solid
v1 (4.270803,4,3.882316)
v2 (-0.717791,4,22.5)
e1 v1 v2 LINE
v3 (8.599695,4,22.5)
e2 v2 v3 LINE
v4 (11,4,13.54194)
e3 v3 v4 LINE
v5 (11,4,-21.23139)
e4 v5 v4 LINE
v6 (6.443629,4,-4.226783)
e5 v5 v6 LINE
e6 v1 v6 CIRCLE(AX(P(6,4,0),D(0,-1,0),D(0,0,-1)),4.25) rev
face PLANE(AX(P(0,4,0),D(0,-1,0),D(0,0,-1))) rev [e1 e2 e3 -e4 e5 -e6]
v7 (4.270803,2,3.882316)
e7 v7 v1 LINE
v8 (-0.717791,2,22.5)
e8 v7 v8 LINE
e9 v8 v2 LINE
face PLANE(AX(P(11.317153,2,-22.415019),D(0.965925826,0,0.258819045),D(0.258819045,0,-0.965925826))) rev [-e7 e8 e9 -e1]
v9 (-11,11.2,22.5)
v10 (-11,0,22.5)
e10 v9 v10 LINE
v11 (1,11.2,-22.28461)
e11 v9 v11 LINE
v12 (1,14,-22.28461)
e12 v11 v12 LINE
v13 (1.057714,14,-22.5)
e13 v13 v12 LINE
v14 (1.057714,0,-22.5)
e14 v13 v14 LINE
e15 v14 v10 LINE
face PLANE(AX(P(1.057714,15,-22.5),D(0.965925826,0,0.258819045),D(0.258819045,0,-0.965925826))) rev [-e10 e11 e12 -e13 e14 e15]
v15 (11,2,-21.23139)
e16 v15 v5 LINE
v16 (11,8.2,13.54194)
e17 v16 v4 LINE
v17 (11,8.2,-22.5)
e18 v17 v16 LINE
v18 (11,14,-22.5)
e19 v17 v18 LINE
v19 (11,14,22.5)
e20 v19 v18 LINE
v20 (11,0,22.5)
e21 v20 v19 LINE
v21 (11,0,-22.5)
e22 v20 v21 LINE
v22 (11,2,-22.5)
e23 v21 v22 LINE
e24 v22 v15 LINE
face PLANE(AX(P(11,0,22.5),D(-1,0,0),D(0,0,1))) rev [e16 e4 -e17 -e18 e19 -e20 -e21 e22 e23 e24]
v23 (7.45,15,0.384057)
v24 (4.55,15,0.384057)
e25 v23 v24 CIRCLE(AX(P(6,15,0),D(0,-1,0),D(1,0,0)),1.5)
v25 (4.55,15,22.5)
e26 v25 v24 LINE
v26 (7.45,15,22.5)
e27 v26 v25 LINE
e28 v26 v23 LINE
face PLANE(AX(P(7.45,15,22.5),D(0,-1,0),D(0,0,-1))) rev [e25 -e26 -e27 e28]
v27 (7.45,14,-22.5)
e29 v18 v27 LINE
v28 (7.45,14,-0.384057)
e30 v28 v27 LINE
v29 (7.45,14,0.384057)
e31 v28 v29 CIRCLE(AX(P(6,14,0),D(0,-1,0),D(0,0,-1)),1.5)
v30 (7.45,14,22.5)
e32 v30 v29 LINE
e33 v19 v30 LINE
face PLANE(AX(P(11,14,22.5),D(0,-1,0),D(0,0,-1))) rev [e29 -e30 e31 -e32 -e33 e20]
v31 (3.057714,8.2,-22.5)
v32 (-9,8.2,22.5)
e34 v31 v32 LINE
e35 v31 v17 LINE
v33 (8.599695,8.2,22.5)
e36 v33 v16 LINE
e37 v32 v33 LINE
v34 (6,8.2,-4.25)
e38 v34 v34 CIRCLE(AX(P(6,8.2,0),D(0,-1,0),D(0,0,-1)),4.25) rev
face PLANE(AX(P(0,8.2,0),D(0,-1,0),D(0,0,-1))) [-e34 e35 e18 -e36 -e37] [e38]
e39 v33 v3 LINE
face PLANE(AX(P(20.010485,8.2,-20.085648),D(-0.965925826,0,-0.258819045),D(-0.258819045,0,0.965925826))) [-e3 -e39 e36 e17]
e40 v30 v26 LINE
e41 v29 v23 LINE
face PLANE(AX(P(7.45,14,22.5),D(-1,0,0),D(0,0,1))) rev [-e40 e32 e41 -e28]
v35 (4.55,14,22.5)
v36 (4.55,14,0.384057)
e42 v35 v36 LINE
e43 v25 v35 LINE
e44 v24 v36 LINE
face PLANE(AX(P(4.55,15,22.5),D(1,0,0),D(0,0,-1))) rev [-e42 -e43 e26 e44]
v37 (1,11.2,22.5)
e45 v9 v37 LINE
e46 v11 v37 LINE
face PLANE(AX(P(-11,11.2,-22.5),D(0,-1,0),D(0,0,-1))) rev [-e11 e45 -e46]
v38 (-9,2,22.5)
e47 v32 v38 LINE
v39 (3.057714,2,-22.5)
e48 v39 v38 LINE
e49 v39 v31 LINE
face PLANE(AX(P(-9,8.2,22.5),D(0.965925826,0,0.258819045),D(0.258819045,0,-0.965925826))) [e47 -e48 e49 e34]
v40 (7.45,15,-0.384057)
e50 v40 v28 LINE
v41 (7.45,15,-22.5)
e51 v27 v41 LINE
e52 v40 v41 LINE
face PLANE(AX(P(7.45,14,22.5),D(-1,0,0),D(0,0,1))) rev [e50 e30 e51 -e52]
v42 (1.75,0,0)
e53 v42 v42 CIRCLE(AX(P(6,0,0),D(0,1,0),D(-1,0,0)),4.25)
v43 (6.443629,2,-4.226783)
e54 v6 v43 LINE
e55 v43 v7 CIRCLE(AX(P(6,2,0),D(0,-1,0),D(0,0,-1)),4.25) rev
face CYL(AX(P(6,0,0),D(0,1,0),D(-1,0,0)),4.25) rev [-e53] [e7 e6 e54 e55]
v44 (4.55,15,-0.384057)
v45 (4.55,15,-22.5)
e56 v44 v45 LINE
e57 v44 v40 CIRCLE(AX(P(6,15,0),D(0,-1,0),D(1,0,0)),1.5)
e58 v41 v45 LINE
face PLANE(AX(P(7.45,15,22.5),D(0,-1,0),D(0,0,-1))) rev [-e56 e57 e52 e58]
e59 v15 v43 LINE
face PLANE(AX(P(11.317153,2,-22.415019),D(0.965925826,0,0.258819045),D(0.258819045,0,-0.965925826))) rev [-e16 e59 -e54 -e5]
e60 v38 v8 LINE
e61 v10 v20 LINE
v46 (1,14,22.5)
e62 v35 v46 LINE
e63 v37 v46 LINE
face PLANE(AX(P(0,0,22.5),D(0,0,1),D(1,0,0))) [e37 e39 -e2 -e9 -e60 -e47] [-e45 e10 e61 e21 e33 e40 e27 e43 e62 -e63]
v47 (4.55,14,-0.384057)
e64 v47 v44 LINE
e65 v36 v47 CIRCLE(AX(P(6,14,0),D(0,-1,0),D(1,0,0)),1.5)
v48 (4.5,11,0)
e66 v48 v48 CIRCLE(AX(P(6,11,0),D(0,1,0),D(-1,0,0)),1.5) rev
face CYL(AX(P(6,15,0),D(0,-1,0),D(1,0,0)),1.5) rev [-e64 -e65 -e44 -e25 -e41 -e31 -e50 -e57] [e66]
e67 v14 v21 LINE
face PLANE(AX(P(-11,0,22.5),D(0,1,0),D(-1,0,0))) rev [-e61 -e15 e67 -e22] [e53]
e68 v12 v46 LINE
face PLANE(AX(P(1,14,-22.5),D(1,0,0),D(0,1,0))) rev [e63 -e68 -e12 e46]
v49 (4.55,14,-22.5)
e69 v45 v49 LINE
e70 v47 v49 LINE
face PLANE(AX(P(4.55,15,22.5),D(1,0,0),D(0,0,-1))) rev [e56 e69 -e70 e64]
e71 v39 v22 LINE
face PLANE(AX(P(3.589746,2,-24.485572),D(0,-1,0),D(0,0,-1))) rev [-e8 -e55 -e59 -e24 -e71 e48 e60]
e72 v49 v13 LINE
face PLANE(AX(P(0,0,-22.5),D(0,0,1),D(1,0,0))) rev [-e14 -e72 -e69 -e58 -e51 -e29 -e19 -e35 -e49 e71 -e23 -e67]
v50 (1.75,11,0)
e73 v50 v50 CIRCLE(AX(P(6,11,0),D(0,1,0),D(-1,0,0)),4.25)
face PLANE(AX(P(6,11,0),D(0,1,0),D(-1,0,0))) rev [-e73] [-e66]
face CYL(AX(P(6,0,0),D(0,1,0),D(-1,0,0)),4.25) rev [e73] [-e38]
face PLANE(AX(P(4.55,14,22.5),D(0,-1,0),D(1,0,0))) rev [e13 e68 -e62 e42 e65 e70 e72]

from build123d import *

# Parameters (mm, degrees)
MAKERBEAMFIX_DEPTH          = 22.5
SKETCH4_R                   = 1.5
FIXINGHOLE_DEPTH            = 16
SKETCH5_R                   = 4.25
DRIVERHOLE_DEPTH            = 12
HOLEFORCALIBERS_DEPTH       = 4.2
CUT_EXTRUDE2_DEPTH          = 16
SKETCH8_W                   = 12
SKETCH8_H                   = 2.8
CUT_EXTRUDE3_DEPTH          = 46
SKETCH9_W                   = 2
SKETCH9_H                   = 8
HOLEFORSCREWOFCALIBER_DEPTH = 49.643043085


with BuildPart() as part:
    # Sketch1 → MakerBeamFix (new body, symmetric)
    with BuildSketch(Plane.XY):
        Polygon((-11, 0), (11, 0), (11, 14), (7.45, 14), (7.45, 15), (4.55, 15), (4.55, 14), (-11, 14), align=None)
    extrude(amount=MAKERBEAMFIX_DEPTH, both=True)

    # Sketch4 → FixingHole (cut, through all)
    with BuildSketch(Plane.XZ):
        with Locations((6, 0)):
            Circle(SKETCH4_R)
    extrude(amount=-FIXINGHOLE_DEPTH, mode=Mode.SUBTRACT)

    # Sketch5 → DriverHole (cut, through all)
    with BuildSketch(Plane(origin=(0, 11, 0), x_dir=(1, 0, 0), z_dir=(0, 1, 0))):
        with Locations((6, 0)):
            Circle(SKETCH5_R)
    extrude(amount=-DRIVERHOLE_DEPTH, mode=Mode.SUBTRACT)

    # Sketch6 → HoleForCalibers (cut)
    with BuildSketch(Plane(origin=(0, 4, 0), x_dir=(1, 0, 0), z_dir=(0, 1, 0))):
        Polygon((7.420739047, -26.899923767), (-9, -22.5), (3.589745962, 24.485571585), (20.010485009, 20.085647818), align=None)
    extrude(amount=HOLEFORCALIBERS_DEPTH, mode=Mode.SUBTRACT)

    # Sketch7 → Cut-Extrude2 (cut, through all)
    with BuildSketch(Plane(origin=(0, 0, 0), x_dir=(-1, 0, 0), z_dir=(0, -1, 0))):
        Polygon((11, 22.5), (-1.057713659, 22.5), (11, -22.5), align=None)
    extrude(amount=-CUT_EXTRUDE2_DEPTH, mode=Mode.SUBTRACT)

    # Sketch8 → Cut-Extrude3 (cut, through all)
    with BuildSketch(Plane.XY.offset(22.5)):
        with Locations((-5, 12.6)):
            Rectangle(SKETCH8_W, SKETCH8_H)
    extrude(amount=-CUT_EXTRUDE3_DEPTH, mode=Mode.SUBTRACT)

    # Sketch9 → HoleForScrewOfCaliber (cut, through all)
    with BuildSketch(Plane(origin=(-6.227885683, 0, 23.242785793), x_dir=(0, -1, 0), z_dir=(-0.258819045, 0, 0.965925826))):
        with Locations((-3, 1.130096078)):
            Rectangle(SKETCH9_W, SKETCH9_H)
    extrude(amount=-HOLEFORSCREWOFCALIBER_DEPTH, mode=Mode.SUBTRACT)


solid = part.part
